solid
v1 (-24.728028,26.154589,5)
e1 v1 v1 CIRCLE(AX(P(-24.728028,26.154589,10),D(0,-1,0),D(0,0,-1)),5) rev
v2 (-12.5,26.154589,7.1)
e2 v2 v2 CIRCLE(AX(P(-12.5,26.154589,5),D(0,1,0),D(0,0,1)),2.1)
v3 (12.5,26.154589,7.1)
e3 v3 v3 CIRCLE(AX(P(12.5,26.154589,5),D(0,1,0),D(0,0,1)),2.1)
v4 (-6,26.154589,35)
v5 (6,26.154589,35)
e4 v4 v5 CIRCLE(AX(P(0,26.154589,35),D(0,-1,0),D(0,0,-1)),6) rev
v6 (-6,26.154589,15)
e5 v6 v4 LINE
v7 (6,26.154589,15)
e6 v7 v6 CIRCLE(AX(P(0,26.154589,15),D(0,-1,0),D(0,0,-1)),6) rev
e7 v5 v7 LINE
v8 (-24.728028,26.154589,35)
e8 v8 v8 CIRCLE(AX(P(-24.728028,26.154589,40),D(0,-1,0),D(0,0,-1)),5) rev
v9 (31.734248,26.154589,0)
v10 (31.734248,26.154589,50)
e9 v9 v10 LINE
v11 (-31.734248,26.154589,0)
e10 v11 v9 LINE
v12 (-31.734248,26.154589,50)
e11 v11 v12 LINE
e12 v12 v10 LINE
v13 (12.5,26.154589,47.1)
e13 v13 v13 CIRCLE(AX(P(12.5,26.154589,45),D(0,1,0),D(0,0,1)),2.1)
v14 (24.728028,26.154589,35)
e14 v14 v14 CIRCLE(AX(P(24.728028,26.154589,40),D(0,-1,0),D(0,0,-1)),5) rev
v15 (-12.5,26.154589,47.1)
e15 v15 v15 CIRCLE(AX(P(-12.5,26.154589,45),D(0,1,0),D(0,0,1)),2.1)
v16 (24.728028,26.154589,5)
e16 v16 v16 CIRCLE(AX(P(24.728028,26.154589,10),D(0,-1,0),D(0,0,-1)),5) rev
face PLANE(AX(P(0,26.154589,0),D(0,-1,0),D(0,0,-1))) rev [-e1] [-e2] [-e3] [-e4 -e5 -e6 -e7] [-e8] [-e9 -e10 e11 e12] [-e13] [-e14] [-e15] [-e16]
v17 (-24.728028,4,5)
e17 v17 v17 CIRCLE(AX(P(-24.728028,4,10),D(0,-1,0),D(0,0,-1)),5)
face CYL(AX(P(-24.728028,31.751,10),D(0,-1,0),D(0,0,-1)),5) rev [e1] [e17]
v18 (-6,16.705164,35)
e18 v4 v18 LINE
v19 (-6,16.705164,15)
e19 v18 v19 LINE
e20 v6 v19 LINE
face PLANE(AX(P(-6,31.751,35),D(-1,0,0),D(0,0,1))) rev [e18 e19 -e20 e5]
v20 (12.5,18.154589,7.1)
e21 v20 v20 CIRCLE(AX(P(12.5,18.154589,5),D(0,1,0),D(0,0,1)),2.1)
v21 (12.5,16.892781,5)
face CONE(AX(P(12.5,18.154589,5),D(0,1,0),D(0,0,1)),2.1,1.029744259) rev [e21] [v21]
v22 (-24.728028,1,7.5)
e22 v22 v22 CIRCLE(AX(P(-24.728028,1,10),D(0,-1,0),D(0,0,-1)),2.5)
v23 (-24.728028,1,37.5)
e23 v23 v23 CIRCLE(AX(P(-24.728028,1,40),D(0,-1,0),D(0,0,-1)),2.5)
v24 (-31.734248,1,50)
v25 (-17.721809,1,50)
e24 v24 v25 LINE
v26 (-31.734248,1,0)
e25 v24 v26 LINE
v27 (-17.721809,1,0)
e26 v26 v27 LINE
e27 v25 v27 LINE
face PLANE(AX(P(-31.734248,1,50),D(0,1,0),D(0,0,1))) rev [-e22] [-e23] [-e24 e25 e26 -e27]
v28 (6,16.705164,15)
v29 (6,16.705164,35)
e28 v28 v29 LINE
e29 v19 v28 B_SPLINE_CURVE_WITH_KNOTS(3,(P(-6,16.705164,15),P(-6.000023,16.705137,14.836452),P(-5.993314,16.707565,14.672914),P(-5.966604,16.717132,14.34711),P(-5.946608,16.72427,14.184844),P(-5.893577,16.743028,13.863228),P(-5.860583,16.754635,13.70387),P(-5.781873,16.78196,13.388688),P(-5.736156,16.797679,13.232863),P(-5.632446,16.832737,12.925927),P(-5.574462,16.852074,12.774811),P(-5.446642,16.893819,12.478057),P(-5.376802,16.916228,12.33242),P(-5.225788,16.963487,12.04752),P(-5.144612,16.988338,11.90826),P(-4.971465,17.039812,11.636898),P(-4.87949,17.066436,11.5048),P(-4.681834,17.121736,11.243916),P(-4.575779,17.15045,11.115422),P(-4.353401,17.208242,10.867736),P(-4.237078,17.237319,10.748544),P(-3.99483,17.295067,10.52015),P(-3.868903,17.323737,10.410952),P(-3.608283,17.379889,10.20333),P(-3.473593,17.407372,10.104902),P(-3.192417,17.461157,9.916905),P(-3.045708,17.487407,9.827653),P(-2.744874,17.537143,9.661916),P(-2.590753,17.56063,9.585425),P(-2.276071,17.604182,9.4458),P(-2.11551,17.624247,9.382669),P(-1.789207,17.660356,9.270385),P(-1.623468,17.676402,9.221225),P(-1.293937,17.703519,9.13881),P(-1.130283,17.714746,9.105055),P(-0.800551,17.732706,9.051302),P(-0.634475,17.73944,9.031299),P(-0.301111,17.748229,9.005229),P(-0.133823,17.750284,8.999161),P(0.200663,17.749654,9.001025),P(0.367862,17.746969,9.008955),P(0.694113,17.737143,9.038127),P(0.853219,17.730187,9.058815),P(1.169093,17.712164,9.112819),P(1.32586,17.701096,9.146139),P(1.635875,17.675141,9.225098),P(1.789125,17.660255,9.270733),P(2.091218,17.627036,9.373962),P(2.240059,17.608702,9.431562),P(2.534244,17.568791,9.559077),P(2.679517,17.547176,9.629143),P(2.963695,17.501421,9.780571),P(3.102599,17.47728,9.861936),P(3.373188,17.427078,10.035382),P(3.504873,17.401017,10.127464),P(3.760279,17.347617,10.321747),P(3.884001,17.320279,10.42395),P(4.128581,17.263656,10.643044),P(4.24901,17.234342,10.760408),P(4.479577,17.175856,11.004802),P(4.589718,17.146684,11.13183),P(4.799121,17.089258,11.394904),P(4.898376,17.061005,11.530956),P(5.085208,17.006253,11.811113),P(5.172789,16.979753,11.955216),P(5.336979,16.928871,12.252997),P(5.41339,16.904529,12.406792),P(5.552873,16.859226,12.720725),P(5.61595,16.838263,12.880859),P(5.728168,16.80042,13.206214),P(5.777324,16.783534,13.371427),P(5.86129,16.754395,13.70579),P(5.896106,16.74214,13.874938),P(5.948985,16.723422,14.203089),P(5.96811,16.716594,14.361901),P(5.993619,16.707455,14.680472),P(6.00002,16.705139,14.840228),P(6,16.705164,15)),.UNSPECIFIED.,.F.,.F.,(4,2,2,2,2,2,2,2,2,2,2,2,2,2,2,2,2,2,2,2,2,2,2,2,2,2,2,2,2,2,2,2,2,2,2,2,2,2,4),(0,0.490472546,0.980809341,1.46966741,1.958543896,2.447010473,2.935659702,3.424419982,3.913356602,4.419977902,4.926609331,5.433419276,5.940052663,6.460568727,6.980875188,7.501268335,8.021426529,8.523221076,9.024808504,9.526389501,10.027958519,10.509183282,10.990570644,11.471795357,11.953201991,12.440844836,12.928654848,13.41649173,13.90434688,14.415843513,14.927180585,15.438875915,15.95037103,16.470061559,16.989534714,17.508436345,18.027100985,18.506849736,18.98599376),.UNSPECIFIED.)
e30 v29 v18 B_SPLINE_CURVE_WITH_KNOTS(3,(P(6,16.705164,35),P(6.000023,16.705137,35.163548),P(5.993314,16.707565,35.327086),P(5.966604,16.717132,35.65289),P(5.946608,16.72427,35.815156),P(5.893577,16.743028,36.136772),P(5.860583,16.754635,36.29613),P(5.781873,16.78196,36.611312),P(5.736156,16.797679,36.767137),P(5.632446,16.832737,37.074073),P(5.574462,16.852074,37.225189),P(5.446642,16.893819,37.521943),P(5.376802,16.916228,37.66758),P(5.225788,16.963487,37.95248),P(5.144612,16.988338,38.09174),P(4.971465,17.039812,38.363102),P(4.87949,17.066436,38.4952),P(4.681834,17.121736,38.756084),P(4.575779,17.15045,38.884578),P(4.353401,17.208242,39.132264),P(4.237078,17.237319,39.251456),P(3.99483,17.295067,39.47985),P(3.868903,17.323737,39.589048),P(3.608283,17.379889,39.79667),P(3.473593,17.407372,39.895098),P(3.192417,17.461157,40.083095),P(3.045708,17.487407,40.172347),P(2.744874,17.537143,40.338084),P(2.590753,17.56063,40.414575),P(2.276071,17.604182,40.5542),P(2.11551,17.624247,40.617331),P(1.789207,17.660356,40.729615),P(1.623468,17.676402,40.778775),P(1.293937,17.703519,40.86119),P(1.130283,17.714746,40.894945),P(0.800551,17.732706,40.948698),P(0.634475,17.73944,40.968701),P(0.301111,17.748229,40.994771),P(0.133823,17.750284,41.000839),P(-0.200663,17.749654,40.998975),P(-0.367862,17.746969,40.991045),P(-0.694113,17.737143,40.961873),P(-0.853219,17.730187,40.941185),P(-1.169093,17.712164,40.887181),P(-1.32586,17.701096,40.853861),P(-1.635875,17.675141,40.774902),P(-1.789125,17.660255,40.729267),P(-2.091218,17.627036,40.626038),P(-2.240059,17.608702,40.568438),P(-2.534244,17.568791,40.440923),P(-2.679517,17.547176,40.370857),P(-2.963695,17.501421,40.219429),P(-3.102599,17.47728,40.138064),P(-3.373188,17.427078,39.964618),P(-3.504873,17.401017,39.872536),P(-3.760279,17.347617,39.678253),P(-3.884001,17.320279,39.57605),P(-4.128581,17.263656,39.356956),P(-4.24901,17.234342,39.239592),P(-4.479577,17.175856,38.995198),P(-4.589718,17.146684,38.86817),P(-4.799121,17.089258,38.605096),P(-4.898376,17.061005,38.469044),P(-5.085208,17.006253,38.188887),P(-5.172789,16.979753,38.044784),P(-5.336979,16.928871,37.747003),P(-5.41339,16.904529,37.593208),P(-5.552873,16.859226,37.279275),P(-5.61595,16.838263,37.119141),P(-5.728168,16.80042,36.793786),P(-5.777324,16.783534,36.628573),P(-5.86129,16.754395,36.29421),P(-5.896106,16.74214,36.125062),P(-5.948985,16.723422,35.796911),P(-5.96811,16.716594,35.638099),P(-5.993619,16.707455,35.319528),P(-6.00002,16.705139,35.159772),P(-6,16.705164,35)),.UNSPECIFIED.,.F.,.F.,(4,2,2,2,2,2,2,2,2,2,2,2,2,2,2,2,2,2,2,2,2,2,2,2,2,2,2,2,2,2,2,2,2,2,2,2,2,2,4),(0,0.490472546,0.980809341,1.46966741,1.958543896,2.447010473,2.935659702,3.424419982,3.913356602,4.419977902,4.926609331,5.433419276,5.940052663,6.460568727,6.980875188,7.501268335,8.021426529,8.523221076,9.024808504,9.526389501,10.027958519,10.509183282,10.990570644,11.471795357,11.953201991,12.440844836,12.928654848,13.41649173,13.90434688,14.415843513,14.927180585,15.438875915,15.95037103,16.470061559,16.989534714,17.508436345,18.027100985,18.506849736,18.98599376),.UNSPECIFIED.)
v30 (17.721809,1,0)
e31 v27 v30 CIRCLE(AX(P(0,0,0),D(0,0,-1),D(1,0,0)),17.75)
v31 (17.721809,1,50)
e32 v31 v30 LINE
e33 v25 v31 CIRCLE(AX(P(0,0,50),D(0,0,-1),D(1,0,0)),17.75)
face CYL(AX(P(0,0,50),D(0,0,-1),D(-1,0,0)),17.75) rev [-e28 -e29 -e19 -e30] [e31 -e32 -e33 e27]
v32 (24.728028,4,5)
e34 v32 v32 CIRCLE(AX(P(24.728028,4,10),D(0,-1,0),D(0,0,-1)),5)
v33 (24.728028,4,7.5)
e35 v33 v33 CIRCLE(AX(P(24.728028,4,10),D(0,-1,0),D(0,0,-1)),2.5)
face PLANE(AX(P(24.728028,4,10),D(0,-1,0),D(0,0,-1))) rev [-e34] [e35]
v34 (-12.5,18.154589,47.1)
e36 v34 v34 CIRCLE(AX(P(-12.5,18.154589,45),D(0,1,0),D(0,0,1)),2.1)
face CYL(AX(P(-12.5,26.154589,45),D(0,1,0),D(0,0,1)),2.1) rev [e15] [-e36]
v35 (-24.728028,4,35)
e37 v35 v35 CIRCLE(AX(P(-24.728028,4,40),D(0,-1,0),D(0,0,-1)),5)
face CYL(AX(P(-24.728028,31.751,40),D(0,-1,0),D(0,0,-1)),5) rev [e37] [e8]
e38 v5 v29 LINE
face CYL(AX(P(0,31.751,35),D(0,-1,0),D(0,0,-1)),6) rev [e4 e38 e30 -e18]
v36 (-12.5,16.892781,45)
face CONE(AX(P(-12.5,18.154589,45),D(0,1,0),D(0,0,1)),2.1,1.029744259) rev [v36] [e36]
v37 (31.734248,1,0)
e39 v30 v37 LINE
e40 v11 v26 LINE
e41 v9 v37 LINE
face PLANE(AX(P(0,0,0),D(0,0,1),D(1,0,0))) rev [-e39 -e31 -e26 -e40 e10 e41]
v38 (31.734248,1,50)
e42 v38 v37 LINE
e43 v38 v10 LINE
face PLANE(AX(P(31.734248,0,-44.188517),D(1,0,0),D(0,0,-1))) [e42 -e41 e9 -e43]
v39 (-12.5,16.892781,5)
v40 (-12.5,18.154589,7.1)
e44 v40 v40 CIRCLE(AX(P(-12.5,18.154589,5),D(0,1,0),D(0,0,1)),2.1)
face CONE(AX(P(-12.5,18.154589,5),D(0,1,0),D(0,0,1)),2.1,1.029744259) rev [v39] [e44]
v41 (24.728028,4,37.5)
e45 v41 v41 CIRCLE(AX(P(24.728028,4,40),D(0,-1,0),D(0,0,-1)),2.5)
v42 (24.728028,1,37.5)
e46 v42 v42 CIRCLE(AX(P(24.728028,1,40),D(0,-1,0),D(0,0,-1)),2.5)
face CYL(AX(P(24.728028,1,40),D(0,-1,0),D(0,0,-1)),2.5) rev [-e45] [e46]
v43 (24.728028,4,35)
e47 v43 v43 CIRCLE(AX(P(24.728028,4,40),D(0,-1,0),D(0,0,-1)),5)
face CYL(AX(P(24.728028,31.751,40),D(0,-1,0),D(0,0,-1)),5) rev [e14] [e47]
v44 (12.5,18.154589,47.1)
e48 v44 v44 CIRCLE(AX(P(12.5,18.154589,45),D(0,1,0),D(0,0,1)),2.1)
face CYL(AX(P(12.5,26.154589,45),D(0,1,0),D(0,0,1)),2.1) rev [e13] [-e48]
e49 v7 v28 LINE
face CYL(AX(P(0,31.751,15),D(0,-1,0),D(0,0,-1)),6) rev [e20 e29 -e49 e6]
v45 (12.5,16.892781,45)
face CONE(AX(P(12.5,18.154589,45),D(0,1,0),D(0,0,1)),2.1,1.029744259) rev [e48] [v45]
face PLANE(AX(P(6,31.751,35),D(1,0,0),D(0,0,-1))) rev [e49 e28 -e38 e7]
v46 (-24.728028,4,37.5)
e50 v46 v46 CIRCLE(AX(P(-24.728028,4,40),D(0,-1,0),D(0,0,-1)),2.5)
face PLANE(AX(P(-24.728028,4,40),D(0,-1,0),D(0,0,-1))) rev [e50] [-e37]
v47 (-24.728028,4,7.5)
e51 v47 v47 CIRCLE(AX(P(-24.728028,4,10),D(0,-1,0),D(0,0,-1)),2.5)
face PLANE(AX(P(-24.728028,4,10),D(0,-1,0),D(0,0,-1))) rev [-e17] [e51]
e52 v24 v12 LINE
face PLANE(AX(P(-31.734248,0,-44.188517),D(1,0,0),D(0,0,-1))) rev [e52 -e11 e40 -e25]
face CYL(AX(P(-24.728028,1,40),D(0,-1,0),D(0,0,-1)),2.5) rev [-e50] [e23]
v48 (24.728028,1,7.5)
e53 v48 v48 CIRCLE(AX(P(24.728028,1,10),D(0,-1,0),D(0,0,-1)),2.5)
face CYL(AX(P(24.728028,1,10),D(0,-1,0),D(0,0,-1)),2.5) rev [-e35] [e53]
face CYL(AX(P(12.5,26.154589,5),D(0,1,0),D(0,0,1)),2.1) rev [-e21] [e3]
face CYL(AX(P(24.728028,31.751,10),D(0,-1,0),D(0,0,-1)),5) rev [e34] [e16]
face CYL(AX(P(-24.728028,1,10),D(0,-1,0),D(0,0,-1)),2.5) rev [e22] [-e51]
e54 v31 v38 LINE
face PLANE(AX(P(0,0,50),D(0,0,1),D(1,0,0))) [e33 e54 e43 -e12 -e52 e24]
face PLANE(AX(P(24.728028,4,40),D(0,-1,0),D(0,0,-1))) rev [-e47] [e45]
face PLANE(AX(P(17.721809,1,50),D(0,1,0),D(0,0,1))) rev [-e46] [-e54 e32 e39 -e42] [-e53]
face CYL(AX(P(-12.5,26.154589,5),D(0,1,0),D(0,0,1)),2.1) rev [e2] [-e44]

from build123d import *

# Parameters (mm, degrees)
BOSS_EXTRUDE1_DEPTH             = 50
BOSS_EXTRUDE2_START             = -50
BOSS_EXTRUDE2_DEPTH             = 50
F_5_0MM_CLEARANCE_DOWEL_HOLE1_D = 5
CUT_EXTRUDE1_REACH              = 67.4
SKETCH4_R                       = 5
CUT_EXTRUDE2_REACH              = 68.728
CUT_EXTRUDE3_DEPTH              = 68.194679971
TAP_DRILL_FOR_M5X0_8_TAP1_D     = 4.2
TAP_DRILL_FOR_M5X0_8_TAP1_DEPTH = 8
TAP_DRILL_FOR_M5X0_8_TAP1_TIP   = 1.2618073


with BuildPart() as part:
    # Sketch1 → Boss-Extrude1 (new body)
    with BuildSketch(Plane.XY):
        with BuildLine():
            Line((-31.734248061, 1), (-17.721808598, 1))
            ThreePointArc((-17.721808598, 1), (0, 17.75), (17.721808598, 1))
            Line((17.721808598, 1), (31.734248061, 1))
            ThreePointArc((31.734248061, 1), (0, 31.75), (-31.734248061, 1))
        make_face()
    extrude(amount=BOSS_EXTRUDE1_DEPTH)

    # Sketch9 → Boss-Extrude2 (add)
    with BuildSketch(Plane.XY.offset(50).offset(BOSS_EXTRUDE2_START)):
        with BuildLine():
            Line((31.734248061, 31.75), (0, 31.75))
            ThreePointArc((0, 31.75), (22.094258304, 22.801452805), (31.734248061, 1))
            Line((31.734248061, 1), (31.734248061, 31.75))
        make_face()
        with BuildLine():
            Line((-31.734248061, 31.75), (-31.734248061, 1))
            ThreePointArc((-31.734248061, 1), (-22.094258304, 22.801452805), (0, 31.75))
            Line((0, 31.75), (-31.734248061, 31.75))
        make_face()
    extrude(amount=BOSS_EXTRUDE2_DEPTH)

    # Ø5.0mm Clearance Dowel Hole1 (through all)
    with Locations(Plane(origin=(-24.72802833, 1, 40), x_dir=(0, 0, -1), z_dir=(0, -1, 0))):
        with Locations((0, 0), (30, 0), (0, 49.45605666), (30, 49.45605666)):
            Hole(F_5_0MM_CLEARANCE_DOWEL_HOLE1_D / 2)

    # Sketch4 → Cut-Extrude1 (cut, up to next)
    with BuildSketch(Plane(origin=(0, 4, 0), x_dir=(-1, 0, 0), z_dir=(0, -1, 0)), mode=Mode.PRIVATE) as cut_extrude1_sk1:
        with Locations(Location((24.72802833, -40, 0), (0, 0, 90))):
            Circle(SKETCH4_R)
    cut_extrude1_tool1 = extrude(cut_extrude1_sk1.sketch, amount=-CUT_EXTRUDE1_REACH, mode=Mode.PRIVATE) & part.part
    # Sketch4 → Cut-Extrude1 (cut, up to next)
    with BuildSketch(Plane(origin=(0, 4, 0), x_dir=(-1, 0, 0), z_dir=(0, -1, 0)), mode=Mode.PRIVATE) as cut_extrude1_sk2:
        with Locations(Location((24.72802833, -10, 0), (0, 0, 90))):
            Circle(SKETCH4_R)
    cut_extrude1_tool2 = extrude(cut_extrude1_sk2.sketch, amount=-CUT_EXTRUDE1_REACH, mode=Mode.PRIVATE) & part.part
    # Sketch4 → Cut-Extrude1 (cut, up to next)
    with BuildSketch(Plane(origin=(0, 4, 0), x_dir=(-1, 0, 0), z_dir=(0, -1, 0)), mode=Mode.PRIVATE) as cut_extrude1_sk3:
        with Locations(Location((-24.72802833, -10, 0), (0, 0, 90))):
            Circle(SKETCH4_R)
    cut_extrude1_tool3 = extrude(cut_extrude1_sk3.sketch, amount=-CUT_EXTRUDE1_REACH, mode=Mode.PRIVATE) & part.part
    # Sketch4 → Cut-Extrude1 (cut, up to next)
    with BuildSketch(Plane(origin=(0, 4, 0), x_dir=(-1, 0, 0), z_dir=(0, -1, 0)), mode=Mode.PRIVATE) as cut_extrude1_sk4:
        with Locations(Location((-24.72802833, -40, 0), (0, 0, 90))):
            Circle(SKETCH4_R)
    cut_extrude1_tool4 = extrude(cut_extrude1_sk4.sketch, amount=-CUT_EXTRUDE1_REACH, mode=Mode.PRIVATE) & part.part
    add(cut_extrude1_tool1.solids().sort_by_distance((-24.728028, 4, 40))[0], mode=Mode.SUBTRACT)
    add(cut_extrude1_tool2.solids().sort_by_distance((-24.728028, 4, 10))[0], mode=Mode.SUBTRACT)
    add(cut_extrude1_tool3.solids().sort_by_distance((24.728028, 4, 10))[0], mode=Mode.SUBTRACT)
    add(cut_extrude1_tool4.solids().sort_by_distance((24.728028, 4, 40))[0], mode=Mode.SUBTRACT)

    # Sketch5 → Cut-Extrude2 (cut, up to next)
    with BuildSketch(Plane(origin=(0, 1, 0), x_dir=(-1, 0, 0), z_dir=(0, -1, 0)), mode=Mode.PRIVATE) as cut_extrude2_sk1:
        with BuildLine():
            Line((-6, -35), (-6, -15))
            ThreePointArc((-6, -15), (0, -9), (6, -15))
            Line((6, -15), (6, -35))
            ThreePointArc((6, -35), (0, -41), (-6, -35))
        make_face()
    cut_extrude2_tool1 = extrude(cut_extrude2_sk1.sketch, amount=-CUT_EXTRUDE2_REACH, mode=Mode.PRIVATE) & part.part
    add(cut_extrude2_tool1.solids().sort_by_distance((0, 1, 25))[0], mode=Mode.SUBTRACT)

    # Sketch6 → Cut-Extrude3 (cut, through all)
    with BuildSketch(Plane.XY.offset(50)):
        with BuildLine():
            ThreePointArc((0, 31.75), (9.424816043, 30.318894151), (18, 26.154588508))
            Line((18, 26.154588508), (31.734248061, 26.154588508))
            Line((31.734248061, 26.154588508), (31.734248061, 31.75))
            Line((31.734248061, 31.75), (0, 31.75))
        make_face()
        with BuildLine():
            Line((18, 26.154588508), (-18, 26.154588508))
            ThreePointArc((-18, 26.154588508), (0, 31.75), (18, 26.154588508))
        make_face()
        with BuildLine():
            Line((-31.734248061, 26.154588508), (-18, 26.154588508))
            ThreePointArc((-18, 26.154588508), (-9.424816043, 30.318894151), (0, 31.75))
            Line((0, 31.75), (-31.734248061, 31.75))
            Line((-31.734248061, 31.75), (-31.734248061, 26.154588508))
        make_face()
    extrude(amount=-CUT_EXTRUDE3_DEPTH, mode=Mode.SUBTRACT)

    # Tap Drill for M5x0.8 Tap1
    with Locations(Plane(origin=(-12.5, 26.154588508, 5), x_dir=(0, 0, 1), z_dir=(0, 1, 0))):
        with Locations((0, 0), (40, 0), (40, 25), (0, 25)):
            Hole(TAP_DRILL_FOR_M5X0_8_TAP1_D / 2, depth=TAP_DRILL_FOR_M5X0_8_TAP1_DEPTH)
            with Locations((0, 0, -(TAP_DRILL_FOR_M5X0_8_TAP1_DEPTH + TAP_DRILL_FOR_M5X0_8_TAP1_TIP / 2))):  # 118° drill point
                Cone(0, TAP_DRILL_FOR_M5X0_8_TAP1_D / 2, TAP_DRILL_FOR_M5X0_8_TAP1_TIP, mode=Mode.SUBTRACT)


solid = part.part
